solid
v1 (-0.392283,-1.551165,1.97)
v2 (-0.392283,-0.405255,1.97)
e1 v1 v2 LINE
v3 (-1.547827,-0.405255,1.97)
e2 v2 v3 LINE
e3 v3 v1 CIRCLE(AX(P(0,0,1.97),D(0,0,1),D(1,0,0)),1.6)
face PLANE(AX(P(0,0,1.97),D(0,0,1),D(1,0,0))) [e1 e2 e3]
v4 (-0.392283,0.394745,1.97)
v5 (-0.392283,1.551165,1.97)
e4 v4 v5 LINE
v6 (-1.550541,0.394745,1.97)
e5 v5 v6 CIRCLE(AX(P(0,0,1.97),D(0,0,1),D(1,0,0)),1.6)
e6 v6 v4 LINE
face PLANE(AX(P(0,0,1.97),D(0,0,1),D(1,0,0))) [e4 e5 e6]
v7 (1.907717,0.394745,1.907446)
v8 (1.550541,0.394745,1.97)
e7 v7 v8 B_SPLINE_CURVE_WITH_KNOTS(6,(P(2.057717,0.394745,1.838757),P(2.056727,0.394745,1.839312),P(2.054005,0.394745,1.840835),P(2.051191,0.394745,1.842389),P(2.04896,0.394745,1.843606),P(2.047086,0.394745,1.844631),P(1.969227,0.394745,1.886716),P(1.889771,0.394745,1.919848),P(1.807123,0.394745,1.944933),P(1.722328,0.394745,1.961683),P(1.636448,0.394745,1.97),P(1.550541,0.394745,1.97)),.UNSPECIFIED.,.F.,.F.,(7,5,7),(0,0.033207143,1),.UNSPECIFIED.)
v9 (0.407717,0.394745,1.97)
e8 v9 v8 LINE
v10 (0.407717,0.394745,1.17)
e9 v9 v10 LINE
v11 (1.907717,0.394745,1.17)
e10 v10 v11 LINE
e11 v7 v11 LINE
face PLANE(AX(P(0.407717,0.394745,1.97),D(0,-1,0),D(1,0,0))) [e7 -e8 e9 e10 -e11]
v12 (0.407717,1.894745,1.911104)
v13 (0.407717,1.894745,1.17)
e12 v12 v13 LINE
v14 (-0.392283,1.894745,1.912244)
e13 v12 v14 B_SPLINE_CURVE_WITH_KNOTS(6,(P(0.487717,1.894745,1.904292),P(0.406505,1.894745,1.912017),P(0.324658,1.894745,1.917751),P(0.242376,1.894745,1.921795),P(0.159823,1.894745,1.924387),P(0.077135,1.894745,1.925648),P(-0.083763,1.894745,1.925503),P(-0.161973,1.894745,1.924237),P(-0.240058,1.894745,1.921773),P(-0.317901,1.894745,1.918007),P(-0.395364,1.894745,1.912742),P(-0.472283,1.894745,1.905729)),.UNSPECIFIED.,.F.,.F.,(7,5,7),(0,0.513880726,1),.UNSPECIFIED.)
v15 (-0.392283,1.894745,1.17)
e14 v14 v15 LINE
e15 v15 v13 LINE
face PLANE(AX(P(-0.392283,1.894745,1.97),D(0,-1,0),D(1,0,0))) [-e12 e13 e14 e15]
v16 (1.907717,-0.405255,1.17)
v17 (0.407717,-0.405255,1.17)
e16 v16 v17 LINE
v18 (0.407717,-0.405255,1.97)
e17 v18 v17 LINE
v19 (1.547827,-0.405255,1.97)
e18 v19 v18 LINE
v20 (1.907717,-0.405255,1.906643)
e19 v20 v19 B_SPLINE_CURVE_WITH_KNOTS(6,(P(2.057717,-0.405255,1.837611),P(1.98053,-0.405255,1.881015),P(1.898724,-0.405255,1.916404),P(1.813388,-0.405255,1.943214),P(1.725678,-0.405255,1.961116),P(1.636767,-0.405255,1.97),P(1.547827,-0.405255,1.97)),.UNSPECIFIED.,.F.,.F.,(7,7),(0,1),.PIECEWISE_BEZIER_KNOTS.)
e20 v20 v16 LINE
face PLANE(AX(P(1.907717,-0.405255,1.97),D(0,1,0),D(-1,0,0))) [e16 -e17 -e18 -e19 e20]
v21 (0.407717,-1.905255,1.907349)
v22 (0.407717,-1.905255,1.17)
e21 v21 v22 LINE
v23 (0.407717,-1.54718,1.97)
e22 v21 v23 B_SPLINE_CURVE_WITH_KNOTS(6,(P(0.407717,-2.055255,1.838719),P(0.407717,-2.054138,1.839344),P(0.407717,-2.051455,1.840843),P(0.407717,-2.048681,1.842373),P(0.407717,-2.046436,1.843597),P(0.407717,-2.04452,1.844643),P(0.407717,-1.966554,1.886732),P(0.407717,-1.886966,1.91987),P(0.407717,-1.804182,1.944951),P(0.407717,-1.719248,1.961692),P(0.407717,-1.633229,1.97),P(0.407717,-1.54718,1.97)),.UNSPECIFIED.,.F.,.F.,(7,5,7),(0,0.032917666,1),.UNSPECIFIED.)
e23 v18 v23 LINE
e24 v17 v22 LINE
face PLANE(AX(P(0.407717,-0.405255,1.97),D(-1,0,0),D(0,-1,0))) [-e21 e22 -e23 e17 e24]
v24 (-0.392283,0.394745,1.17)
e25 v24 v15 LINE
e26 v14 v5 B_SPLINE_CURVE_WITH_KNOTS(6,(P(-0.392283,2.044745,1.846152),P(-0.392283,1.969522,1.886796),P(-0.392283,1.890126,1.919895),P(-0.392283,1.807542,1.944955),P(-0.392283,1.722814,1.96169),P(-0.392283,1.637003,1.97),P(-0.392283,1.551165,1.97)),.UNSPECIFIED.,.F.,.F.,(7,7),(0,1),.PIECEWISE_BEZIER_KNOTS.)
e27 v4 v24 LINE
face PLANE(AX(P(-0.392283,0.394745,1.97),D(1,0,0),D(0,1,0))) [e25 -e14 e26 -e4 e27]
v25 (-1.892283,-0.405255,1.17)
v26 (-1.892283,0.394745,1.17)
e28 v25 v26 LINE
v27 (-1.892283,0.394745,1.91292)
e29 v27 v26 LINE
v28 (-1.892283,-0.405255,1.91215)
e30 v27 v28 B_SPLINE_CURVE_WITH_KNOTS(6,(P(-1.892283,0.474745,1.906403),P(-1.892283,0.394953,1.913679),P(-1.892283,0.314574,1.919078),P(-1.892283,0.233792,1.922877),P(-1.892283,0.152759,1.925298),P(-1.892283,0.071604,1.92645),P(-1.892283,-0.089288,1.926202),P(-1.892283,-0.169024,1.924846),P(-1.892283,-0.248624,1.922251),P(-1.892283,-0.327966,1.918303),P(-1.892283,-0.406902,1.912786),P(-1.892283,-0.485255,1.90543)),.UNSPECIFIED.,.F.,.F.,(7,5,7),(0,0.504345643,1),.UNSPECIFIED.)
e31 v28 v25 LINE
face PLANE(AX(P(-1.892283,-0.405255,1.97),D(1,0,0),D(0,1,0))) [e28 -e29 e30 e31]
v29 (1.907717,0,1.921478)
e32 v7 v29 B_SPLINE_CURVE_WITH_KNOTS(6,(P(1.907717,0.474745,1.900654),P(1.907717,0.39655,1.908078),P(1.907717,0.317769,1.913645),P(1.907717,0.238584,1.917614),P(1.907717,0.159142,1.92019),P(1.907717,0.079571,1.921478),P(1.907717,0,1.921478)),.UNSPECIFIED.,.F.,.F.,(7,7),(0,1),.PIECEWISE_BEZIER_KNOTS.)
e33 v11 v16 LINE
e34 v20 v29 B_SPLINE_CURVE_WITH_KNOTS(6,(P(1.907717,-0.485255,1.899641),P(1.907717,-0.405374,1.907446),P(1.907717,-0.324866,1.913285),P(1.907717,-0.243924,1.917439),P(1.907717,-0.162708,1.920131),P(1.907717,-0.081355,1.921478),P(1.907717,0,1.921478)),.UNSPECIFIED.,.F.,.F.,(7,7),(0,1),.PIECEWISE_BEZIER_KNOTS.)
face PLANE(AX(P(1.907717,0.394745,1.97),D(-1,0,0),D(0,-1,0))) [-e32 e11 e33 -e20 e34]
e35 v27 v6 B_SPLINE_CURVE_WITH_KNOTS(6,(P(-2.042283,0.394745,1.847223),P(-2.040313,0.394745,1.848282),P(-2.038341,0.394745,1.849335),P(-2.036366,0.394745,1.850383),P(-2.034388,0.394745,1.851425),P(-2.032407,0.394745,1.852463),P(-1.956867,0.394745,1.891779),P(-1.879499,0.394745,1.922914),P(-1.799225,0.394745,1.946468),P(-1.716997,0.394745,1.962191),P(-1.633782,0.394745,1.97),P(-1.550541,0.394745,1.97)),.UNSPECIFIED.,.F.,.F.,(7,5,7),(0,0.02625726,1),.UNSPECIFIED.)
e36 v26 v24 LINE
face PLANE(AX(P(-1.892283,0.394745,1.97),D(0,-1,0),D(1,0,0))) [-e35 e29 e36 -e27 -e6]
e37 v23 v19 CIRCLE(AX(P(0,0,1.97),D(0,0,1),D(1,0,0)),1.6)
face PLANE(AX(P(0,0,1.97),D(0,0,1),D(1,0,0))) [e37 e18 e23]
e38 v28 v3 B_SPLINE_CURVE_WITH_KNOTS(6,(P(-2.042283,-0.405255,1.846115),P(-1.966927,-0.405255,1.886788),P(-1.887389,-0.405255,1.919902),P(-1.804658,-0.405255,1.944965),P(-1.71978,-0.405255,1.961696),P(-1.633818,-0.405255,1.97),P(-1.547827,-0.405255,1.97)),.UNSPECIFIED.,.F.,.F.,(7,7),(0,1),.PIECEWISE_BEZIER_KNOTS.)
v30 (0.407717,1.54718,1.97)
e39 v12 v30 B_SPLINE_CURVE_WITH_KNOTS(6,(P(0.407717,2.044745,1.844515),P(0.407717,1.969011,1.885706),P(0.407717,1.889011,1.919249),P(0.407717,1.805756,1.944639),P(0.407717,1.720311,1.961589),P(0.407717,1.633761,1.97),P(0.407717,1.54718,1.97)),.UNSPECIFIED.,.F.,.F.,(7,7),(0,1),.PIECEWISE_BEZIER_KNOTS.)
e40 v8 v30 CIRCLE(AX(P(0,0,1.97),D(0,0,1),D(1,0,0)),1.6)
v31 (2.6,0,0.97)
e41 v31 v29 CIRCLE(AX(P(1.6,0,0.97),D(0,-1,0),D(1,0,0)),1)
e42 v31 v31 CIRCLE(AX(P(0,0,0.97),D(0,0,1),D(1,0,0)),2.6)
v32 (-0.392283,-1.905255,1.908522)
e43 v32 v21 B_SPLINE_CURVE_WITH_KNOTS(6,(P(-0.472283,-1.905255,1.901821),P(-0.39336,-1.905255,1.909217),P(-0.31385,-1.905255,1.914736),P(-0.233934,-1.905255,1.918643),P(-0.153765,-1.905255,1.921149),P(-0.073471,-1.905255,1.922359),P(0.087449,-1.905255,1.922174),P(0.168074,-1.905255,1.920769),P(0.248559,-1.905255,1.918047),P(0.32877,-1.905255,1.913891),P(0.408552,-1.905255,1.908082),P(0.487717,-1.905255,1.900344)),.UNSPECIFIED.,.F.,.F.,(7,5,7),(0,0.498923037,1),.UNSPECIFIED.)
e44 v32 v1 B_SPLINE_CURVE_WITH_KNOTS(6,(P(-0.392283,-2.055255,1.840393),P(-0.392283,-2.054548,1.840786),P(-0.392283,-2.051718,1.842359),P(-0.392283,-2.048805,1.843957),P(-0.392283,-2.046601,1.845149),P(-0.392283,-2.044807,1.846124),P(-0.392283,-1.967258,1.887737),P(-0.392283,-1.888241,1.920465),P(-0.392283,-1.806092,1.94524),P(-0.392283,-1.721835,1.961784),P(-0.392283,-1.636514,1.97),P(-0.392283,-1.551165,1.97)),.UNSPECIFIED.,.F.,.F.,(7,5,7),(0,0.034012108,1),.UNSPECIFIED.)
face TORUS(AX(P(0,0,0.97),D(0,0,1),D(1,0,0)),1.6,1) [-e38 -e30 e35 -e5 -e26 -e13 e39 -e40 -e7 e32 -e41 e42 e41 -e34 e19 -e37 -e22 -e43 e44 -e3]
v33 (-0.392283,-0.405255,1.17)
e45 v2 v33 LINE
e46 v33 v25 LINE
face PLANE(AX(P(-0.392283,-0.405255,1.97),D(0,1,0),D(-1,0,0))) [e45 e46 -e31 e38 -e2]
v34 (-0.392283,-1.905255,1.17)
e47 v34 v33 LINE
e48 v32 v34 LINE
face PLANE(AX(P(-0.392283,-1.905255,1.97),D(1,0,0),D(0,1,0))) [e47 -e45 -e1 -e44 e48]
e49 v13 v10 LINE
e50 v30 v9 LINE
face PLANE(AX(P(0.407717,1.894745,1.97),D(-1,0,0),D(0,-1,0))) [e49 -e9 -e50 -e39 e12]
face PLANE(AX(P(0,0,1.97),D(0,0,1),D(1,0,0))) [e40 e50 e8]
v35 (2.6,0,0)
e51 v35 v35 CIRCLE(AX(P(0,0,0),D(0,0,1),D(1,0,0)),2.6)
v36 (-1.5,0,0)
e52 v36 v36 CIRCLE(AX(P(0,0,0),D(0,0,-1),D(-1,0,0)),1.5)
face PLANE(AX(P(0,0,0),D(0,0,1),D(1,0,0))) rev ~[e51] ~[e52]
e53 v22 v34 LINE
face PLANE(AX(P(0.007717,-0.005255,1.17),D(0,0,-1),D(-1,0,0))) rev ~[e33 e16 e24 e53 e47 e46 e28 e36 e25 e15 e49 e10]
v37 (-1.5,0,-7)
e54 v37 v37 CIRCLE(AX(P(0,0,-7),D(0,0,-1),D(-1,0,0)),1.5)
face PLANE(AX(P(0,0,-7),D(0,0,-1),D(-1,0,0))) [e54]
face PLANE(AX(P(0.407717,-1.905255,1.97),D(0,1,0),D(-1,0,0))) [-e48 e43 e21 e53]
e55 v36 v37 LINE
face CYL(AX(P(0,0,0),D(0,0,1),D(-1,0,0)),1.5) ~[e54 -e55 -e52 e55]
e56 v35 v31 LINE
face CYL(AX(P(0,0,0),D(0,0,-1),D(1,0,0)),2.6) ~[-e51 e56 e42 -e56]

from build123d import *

# Parameters (mm, degrees)
SKETCH1_R           = 2.6
BOSS_EXTRUDE1_DEPTH = 1.97
SKETCH2_R           = 1.5
BOSS_EXTRUDE2_DEPTH = 7
FILLET1_R           = 1
CUT_EXTRUDE1_DEPTH  = 0.8


with BuildPart() as part:
    # Sketch1 → Boss-Extrude1 (new body)
    with BuildSketch(Plane.XY):
        Circle(SKETCH1_R)
    extrude(amount=BOSS_EXTRUDE1_DEPTH)

    # Sketch2 → Boss-Extrude2 (add)
    with BuildSketch(Plane(origin=(0, 0, 0), x_dir=(-1, 0, 0), z_dir=(0, 0, -1))):
        Circle(SKETCH2_R)
    extrude(amount=BOSS_EXTRUDE2_DEPTH)

    # Fillet1
    fillet1_edges = [part.edges().sort_by_distance(p)[0] for p in [
        (-2.6, 0, 1.97),
    ]]
    fillet(fillet1_edges, radius=FILLET1_R)

    # Sketch3 → Cut-Extrude1 (cut)
    with BuildSketch(Plane.XY.offset(1.97)):
        Polygon((-0.392282833, 0.394745479), (-0.392282833, 1.894745479), (0.407717167, 1.894745479), (0.407717167, 0.394745479), (1.907717167, 0.394745479), (1.907717167, -0.405254521), (0.407717167, -0.405254521), (0.407717167, -1.905254521), (-0.392282833, -1.905254521), (-0.392282833, -0.405254521), (-1.892282833, -0.405254521), (-1.892282833, 0.394745479), align=None)
    extrude(amount=-CUT_EXTRUDE1_DEPTH, mode=Mode.SUBTRACT)


solid = part.part
